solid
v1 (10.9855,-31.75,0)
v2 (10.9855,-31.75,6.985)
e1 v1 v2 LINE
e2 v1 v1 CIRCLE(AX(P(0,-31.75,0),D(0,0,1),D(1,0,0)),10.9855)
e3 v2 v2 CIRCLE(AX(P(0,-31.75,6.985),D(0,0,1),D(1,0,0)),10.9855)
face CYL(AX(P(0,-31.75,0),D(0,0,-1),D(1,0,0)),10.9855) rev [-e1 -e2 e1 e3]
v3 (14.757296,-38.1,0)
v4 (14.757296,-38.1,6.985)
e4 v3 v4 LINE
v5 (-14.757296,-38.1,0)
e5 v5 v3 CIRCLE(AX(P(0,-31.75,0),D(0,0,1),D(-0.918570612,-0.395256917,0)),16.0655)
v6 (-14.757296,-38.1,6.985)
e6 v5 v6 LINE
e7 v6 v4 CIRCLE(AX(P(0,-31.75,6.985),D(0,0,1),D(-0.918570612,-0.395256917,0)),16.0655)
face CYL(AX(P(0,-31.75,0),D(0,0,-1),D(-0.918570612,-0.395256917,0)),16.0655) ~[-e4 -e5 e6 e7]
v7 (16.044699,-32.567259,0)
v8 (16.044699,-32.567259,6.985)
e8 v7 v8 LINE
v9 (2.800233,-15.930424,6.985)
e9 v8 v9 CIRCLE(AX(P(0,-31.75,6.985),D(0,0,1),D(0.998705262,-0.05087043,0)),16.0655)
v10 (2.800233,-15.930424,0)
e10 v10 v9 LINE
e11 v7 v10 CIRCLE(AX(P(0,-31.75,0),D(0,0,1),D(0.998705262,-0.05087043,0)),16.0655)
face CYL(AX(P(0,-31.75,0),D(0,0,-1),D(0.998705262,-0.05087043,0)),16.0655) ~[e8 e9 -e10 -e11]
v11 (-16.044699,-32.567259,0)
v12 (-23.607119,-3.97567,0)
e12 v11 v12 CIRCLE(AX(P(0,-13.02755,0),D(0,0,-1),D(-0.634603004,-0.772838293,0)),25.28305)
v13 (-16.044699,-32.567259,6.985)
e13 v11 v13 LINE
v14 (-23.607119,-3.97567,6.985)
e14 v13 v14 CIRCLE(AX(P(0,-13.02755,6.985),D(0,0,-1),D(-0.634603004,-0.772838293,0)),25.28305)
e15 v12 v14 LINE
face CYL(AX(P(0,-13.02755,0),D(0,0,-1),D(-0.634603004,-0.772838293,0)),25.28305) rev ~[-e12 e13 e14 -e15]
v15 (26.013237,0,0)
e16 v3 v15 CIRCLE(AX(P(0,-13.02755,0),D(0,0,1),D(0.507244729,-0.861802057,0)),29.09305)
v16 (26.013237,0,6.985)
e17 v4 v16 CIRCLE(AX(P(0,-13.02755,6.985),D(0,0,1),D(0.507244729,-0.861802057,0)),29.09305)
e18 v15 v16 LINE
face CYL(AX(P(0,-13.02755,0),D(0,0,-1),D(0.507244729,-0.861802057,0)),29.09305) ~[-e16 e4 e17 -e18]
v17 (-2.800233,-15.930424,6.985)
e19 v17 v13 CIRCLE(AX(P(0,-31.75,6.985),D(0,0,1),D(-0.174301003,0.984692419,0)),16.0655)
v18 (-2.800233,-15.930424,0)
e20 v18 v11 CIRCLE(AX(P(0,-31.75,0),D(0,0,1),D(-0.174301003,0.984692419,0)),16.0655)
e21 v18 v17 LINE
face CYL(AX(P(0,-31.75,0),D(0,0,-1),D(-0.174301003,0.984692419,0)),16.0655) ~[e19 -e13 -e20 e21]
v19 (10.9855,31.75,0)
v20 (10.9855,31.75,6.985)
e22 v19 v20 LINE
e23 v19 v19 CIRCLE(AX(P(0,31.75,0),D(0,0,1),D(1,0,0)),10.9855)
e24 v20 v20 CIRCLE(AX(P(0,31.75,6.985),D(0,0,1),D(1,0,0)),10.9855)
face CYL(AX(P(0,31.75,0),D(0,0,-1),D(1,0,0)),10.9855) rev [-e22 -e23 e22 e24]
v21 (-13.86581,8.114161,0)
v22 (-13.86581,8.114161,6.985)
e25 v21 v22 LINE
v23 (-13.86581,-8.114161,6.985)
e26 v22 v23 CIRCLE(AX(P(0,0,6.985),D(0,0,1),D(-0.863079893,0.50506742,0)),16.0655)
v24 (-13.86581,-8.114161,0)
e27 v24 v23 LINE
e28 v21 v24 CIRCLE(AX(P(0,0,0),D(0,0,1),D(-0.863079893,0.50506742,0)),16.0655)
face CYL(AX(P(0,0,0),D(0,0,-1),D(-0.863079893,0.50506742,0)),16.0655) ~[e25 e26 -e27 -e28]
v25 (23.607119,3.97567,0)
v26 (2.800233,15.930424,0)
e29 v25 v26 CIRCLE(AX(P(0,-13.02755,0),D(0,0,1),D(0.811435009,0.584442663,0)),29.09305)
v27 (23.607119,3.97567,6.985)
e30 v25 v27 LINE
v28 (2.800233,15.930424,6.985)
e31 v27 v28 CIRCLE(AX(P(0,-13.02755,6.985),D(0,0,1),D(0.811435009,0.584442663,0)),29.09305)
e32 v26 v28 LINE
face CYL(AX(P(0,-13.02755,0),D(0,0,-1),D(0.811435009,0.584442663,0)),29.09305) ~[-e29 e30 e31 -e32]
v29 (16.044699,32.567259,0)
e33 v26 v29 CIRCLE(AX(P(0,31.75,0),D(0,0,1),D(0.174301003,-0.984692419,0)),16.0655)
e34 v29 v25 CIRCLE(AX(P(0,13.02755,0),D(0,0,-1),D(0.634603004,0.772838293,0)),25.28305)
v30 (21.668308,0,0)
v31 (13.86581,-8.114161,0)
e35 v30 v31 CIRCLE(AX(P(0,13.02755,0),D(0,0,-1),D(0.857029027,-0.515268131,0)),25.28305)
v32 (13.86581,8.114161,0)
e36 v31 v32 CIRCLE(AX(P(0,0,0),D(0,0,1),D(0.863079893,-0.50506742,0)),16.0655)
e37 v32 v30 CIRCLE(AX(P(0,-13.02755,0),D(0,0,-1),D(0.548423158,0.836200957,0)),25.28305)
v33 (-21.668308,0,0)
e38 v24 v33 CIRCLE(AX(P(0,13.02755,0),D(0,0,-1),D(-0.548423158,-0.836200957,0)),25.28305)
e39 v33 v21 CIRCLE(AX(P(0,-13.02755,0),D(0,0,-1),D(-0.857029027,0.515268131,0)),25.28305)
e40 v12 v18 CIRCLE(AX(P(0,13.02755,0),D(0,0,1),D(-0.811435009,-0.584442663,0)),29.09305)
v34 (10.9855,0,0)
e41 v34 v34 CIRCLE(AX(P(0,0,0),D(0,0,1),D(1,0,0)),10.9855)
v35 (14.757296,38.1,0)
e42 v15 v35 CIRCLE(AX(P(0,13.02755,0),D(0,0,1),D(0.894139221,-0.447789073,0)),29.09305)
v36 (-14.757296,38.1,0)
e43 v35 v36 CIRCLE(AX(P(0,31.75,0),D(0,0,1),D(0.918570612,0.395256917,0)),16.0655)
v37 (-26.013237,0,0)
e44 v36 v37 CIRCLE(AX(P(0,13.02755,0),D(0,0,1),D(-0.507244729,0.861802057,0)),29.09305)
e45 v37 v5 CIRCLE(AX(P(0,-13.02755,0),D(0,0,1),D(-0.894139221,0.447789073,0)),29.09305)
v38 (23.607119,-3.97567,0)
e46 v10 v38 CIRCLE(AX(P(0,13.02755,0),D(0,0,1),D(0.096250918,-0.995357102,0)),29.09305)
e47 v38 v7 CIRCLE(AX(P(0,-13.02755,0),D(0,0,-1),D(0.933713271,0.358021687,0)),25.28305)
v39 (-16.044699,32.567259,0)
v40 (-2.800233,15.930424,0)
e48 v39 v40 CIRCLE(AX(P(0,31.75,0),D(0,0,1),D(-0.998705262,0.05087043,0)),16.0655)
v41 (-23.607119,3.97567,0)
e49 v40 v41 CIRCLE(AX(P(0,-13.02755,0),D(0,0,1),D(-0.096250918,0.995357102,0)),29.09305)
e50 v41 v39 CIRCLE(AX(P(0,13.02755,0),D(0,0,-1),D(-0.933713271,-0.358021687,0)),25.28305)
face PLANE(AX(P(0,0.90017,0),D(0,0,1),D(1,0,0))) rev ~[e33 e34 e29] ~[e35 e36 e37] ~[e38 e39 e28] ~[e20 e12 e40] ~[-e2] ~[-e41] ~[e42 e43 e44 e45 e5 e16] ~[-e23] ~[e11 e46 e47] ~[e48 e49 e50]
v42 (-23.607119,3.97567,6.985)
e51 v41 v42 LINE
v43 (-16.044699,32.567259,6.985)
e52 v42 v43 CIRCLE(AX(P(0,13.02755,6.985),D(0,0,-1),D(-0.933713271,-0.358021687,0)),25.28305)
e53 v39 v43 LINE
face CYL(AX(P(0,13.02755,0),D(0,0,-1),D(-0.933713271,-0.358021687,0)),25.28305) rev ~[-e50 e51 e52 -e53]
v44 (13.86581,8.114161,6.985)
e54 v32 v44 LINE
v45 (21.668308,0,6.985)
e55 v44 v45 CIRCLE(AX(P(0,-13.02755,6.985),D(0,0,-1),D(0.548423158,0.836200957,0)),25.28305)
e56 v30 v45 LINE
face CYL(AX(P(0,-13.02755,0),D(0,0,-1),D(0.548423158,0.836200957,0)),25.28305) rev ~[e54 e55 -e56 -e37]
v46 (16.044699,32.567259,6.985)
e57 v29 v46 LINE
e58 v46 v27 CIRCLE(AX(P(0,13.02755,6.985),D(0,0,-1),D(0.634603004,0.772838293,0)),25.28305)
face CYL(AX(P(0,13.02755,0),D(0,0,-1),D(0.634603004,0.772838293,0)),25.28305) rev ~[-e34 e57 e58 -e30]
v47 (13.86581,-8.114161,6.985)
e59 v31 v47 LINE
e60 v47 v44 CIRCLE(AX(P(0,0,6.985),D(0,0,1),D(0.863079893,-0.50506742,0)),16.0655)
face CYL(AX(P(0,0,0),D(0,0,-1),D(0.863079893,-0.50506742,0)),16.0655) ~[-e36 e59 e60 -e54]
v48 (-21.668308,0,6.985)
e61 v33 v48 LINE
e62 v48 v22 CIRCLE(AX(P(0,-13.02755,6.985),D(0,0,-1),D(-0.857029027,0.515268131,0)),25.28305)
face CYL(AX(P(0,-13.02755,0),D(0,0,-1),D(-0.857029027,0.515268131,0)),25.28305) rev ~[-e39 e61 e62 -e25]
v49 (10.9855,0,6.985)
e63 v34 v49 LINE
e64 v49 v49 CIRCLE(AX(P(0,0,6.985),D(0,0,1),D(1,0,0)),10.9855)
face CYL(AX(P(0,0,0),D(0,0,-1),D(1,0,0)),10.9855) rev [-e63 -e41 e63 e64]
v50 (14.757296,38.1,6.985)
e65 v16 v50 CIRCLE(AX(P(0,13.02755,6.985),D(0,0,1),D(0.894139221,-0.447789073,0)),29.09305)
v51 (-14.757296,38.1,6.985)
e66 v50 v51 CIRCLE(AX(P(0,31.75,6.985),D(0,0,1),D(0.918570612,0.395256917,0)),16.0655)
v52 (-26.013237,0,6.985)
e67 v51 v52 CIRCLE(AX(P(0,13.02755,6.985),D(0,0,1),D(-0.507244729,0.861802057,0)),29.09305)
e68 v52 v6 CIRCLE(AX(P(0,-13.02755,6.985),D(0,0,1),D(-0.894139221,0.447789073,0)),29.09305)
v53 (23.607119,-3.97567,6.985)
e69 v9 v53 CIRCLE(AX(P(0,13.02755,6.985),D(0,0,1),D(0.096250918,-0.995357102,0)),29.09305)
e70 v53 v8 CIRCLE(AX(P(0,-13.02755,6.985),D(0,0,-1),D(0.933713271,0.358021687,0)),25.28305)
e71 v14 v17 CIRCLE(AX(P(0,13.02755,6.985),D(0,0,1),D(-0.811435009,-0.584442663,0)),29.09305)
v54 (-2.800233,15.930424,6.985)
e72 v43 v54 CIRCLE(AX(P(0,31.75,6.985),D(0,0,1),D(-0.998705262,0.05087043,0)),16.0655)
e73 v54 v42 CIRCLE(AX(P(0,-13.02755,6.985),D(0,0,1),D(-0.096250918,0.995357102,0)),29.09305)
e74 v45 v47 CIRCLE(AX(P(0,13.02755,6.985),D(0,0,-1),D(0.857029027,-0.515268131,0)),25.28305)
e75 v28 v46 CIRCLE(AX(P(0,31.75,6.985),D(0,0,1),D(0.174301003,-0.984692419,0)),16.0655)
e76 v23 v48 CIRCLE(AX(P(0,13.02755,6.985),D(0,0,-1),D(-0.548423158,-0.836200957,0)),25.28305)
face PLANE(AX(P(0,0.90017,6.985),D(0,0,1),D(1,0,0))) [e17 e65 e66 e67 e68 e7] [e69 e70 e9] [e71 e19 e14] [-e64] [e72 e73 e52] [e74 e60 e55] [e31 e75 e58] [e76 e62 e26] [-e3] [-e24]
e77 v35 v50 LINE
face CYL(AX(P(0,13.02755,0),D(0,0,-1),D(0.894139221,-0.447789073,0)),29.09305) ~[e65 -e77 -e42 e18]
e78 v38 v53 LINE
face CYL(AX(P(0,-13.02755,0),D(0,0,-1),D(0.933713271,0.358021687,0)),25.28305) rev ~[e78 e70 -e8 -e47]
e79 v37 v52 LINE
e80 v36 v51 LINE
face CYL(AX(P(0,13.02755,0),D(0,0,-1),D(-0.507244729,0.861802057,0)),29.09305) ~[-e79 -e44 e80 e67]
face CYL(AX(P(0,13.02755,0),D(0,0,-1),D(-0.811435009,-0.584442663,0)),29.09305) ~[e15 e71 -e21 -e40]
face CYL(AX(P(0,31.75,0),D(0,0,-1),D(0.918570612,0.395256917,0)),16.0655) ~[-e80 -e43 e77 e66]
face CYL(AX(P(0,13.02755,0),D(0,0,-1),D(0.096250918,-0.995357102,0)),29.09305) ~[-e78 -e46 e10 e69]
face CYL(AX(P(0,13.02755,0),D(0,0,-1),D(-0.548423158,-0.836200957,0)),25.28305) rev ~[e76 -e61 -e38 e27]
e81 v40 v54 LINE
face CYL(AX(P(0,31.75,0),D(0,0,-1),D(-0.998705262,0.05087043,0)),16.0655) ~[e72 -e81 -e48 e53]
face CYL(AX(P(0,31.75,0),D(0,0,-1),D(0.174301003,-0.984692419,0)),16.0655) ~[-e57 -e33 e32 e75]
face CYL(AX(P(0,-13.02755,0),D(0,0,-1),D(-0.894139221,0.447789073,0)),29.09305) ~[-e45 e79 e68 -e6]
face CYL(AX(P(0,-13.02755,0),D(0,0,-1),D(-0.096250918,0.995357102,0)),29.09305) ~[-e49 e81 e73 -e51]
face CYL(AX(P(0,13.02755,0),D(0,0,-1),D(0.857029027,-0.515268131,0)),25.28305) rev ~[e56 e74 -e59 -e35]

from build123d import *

# Parameters (mm, degrees)
F0_R     = 10.9855
F1_DEPTH = 6.985


with BuildPart() as f1:
    # F0 (on Top) → F1 (new body)
    with BuildSketch(Plane.XY):
        with BuildLine():
            ThreePointArc((-21.668307594, 0), (-18.2243869403, 4.4968425779), (-13.8658100212, 8.1141606286))
            ThreePointArc((-13.8658100212, 8.1141606286), (-16.0655, 0), (-13.8658100212, -8.1141606286))
            ThreePointArc((-13.8658100212, -8.1141606286), (-9.0413202093, -13.2798651771), (-2.4667114241, -15.875))
            ThreePointArc((-2.4667114241, -15.875), (-2.6336178966, -15.9018345849), (-2.8002327647, -15.9304239401))
            ThreePointArc((-2.8002327647, -15.9304239401), (-12.5689671865, -21.743934134), (-16.044699379, -32.5672588867))
            ThreePointArc((-16.044699379, -32.5672588867), (-15.6474770652, -35.3909822497), (-14.75729617, -38.1))
            ThreePointArc((-14.75729617, -38.1), (0, -47.8155), (14.75729617, -38.1))
            ThreePointArc((14.75729617, -38.1), (15.6474770652, -35.3909822497), (16.044699379, -32.5672588867))
            ThreePointArc((16.044699379, -32.5672588867), (12.5689671865, -21.743934134), (2.8002327647, -15.9304239401))
            ThreePointArc((2.8002327647, -15.9304239401), (2.6336178966, -15.9018345849), (2.4667114241, -15.875))
            ThreePointArc((2.4667114241, -15.875), (9.0413202093, -13.2798651771), (13.8658100212, -8.1141606286))
            ThreePointArc((13.8658100212, -8.1141606286), (16.0655, 0), (13.8658100212, 8.1141606286))
            ThreePointArc((13.8658100212, 8.1141606286), (18.2243869403, 4.4968425779), (21.668307594, 0))
            ThreePointArc((21.668307594, 0), (22.7248224192, 1.9453544448), (23.6071191459, 3.9756696857))
            ThreePointArc((23.6071191459, 3.9756696857), (14.4936570973, 12.1982197779), (2.8002327647, 15.9304239401))
            ThreePointArc((2.8002327647, 15.9304239401), (12.5689671865, 21.743934134), (16.044699379, 32.5672588867))
            ThreePointArc((16.044699379, 32.5672588867), (15.6474770652, 35.3909822497), (14.75729617, 38.1))
            ThreePointArc((14.75729617, 38.1), (0, 47.8155), (-14.75729617, 38.1))
            ThreePointArc((-14.75729617, 38.1), (-15.6474770652, 35.3909822497), (-16.044699379, 32.5672588867))
            ThreePointArc((-16.044699379, 32.5672588867), (-12.5689671865, 21.743934134), (-2.8002327647, 15.9304239401))
            ThreePointArc((-2.8002327647, 15.9304239401), (-14.4936570973, 12.1982197779), (-23.6071191459, 3.9756696857))
            ThreePointArc((-23.6071191459, 3.9756696857), (-22.7248224192, 1.9453544448), (-21.668307594, 0))
        make_face()
        with Locations((0, -31.75)):
            Circle(F0_R, mode=Mode.SUBTRACT)
        Circle(F0_R, mode=Mode.SUBTRACT)
        with Locations((0, 31.75)):
            Circle(F0_R, mode=Mode.SUBTRACT)
        with BuildLine():
            ThreePointArc((-23.6071191459, -3.9756696857), (-22.7248224192, -1.9453544448), (-21.668307594, 0))
            ThreePointArc((-21.668307594, 0), (-22.7248224192, 1.9453544448), (-23.6071191459, 3.9756696857))
            ThreePointArc((-23.6071191459, 3.9756696857), (-24.8896850265, 2.0359533325), (-26.013236893, 0))
            ThreePointArc((-26.013236893, 0), (-24.8896850265, -2.0359533325), (-23.6071191459, -3.9756696857))
        make_face()
        with BuildLine():
            ThreePointArc((-26.013236893, 0), (-24.8896850265, 2.0359533325), (-23.6071191459, 3.9756696857))
            ThreePointArc((-23.6071191459, 3.9756696857), (-24.4425125824, 19.4925468905), (-16.044699379, 32.5672588867))
            ThreePointArc((-16.044699379, 32.5672588867), (-15.6474770652, 35.3909822497), (-14.75729617, 38.1))
            ThreePointArc((-14.75729617, 38.1), (-27.9009245646, 21.2703622392), (-26.013236893, 0))
        make_face()
        with BuildLine():
            ThreePointArc((-16.044699379, -32.5672588867), (-24.4425125824, -19.4925468905), (-23.6071191459, -3.9756696857))
            ThreePointArc((-23.6071191459, -3.9756696857), (-24.8896850265, -2.0359533325), (-26.013236893, 0))
            ThreePointArc((-26.013236893, 0), (-27.9009245646, -21.2703622392), (-14.75729617, -38.1))
            ThreePointArc((-14.75729617, -38.1), (-15.6474770652, -35.3909822497), (-16.044699379, -32.5672588867))
        make_face()
        with BuildLine():
            ThreePointArc((26.013236893, 0), (27.9009245646, 21.2703622392), (14.75729617, 38.1))
            ThreePointArc((14.75729617, 38.1), (15.6474770652, 35.3909822497), (16.044699379, 32.5672588867))
            ThreePointArc((16.044699379, 32.5672588867), (24.4425125824, 19.4925468905), (23.6071191459, 3.9756696857))
            ThreePointArc((23.6071191459, 3.9756696857), (24.8896850265, 2.0359533325), (26.013236893, 0))
        make_face()
        with BuildLine():
            ThreePointArc((16.044699379, -32.5672588867), (15.6474770652, -35.3909822497), (14.75729617, -38.1))
            ThreePointArc((14.75729617, -38.1), (27.9009245646, -21.2703622392), (26.013236893, 0))
            ThreePointArc((26.013236893, 0), (24.8896850265, -2.0359533325), (23.6071191459, -3.9756696857))
            ThreePointArc((23.6071191459, -3.9756696857), (24.4425125824, -19.4925468905), (16.044699379, -32.5672588867))
        make_face()
        with BuildLine():
            ThreePointArc((23.6071191459, -3.9756696857), (24.8896850265, -2.0359533325), (26.013236893, 0))
            ThreePointArc((26.013236893, 0), (24.8896850265, 2.0359533325), (23.6071191459, 3.9756696857))
            ThreePointArc((23.6071191459, 3.9756696857), (22.7248224192, 1.9453544448), (21.668307594, 0))
            ThreePointArc((21.668307594, 0), (22.7248224192, -1.9453544448), (23.6071191459, -3.9756696857))
        make_face()
        with BuildLine():
            ThreePointArc((-2.4667114241, -15.875), (-9.0413202093, -13.2798651771), (-13.8658100212, -8.1141606286))
            ThreePointArc((-13.8658100212, -8.1141606286), (-18.2243869403, -4.4968425779), (-21.668307594, 0))
            ThreePointArc((-21.668307594, 0), (-22.7248224192, -1.9453544448), (-23.6071191459, -3.9756696857))
            ThreePointArc((-23.6071191459, -3.9756696857), (-14.4936570973, -12.1982197779), (-2.8002327647, -15.9304239401))
            ThreePointArc((-2.8002327647, -15.9304239401), (-2.6336178966, -15.9018345849), (-2.4667114241, -15.875))
        make_face()
        with BuildLine():
            ThreePointArc((2.8002327647, -15.9304239401), (14.4936570973, -12.1982197779), (23.6071191459, -3.9756696857))
            ThreePointArc((23.6071191459, -3.9756696857), (22.7248224192, -1.9453544448), (21.668307594, 0))
            ThreePointArc((21.668307594, 0), (18.2243869403, -4.4968425779), (13.8658100212, -8.1141606286))
            ThreePointArc((13.8658100212, -8.1141606286), (9.0413202093, -13.2798651771), (2.4667114241, -15.875))
            ThreePointArc((2.4667114241, -15.875), (2.6336178966, -15.9018345849), (2.8002327647, -15.9304239401))
        make_face()
    extrude(amount=F1_DEPTH)


solid = f1.part
